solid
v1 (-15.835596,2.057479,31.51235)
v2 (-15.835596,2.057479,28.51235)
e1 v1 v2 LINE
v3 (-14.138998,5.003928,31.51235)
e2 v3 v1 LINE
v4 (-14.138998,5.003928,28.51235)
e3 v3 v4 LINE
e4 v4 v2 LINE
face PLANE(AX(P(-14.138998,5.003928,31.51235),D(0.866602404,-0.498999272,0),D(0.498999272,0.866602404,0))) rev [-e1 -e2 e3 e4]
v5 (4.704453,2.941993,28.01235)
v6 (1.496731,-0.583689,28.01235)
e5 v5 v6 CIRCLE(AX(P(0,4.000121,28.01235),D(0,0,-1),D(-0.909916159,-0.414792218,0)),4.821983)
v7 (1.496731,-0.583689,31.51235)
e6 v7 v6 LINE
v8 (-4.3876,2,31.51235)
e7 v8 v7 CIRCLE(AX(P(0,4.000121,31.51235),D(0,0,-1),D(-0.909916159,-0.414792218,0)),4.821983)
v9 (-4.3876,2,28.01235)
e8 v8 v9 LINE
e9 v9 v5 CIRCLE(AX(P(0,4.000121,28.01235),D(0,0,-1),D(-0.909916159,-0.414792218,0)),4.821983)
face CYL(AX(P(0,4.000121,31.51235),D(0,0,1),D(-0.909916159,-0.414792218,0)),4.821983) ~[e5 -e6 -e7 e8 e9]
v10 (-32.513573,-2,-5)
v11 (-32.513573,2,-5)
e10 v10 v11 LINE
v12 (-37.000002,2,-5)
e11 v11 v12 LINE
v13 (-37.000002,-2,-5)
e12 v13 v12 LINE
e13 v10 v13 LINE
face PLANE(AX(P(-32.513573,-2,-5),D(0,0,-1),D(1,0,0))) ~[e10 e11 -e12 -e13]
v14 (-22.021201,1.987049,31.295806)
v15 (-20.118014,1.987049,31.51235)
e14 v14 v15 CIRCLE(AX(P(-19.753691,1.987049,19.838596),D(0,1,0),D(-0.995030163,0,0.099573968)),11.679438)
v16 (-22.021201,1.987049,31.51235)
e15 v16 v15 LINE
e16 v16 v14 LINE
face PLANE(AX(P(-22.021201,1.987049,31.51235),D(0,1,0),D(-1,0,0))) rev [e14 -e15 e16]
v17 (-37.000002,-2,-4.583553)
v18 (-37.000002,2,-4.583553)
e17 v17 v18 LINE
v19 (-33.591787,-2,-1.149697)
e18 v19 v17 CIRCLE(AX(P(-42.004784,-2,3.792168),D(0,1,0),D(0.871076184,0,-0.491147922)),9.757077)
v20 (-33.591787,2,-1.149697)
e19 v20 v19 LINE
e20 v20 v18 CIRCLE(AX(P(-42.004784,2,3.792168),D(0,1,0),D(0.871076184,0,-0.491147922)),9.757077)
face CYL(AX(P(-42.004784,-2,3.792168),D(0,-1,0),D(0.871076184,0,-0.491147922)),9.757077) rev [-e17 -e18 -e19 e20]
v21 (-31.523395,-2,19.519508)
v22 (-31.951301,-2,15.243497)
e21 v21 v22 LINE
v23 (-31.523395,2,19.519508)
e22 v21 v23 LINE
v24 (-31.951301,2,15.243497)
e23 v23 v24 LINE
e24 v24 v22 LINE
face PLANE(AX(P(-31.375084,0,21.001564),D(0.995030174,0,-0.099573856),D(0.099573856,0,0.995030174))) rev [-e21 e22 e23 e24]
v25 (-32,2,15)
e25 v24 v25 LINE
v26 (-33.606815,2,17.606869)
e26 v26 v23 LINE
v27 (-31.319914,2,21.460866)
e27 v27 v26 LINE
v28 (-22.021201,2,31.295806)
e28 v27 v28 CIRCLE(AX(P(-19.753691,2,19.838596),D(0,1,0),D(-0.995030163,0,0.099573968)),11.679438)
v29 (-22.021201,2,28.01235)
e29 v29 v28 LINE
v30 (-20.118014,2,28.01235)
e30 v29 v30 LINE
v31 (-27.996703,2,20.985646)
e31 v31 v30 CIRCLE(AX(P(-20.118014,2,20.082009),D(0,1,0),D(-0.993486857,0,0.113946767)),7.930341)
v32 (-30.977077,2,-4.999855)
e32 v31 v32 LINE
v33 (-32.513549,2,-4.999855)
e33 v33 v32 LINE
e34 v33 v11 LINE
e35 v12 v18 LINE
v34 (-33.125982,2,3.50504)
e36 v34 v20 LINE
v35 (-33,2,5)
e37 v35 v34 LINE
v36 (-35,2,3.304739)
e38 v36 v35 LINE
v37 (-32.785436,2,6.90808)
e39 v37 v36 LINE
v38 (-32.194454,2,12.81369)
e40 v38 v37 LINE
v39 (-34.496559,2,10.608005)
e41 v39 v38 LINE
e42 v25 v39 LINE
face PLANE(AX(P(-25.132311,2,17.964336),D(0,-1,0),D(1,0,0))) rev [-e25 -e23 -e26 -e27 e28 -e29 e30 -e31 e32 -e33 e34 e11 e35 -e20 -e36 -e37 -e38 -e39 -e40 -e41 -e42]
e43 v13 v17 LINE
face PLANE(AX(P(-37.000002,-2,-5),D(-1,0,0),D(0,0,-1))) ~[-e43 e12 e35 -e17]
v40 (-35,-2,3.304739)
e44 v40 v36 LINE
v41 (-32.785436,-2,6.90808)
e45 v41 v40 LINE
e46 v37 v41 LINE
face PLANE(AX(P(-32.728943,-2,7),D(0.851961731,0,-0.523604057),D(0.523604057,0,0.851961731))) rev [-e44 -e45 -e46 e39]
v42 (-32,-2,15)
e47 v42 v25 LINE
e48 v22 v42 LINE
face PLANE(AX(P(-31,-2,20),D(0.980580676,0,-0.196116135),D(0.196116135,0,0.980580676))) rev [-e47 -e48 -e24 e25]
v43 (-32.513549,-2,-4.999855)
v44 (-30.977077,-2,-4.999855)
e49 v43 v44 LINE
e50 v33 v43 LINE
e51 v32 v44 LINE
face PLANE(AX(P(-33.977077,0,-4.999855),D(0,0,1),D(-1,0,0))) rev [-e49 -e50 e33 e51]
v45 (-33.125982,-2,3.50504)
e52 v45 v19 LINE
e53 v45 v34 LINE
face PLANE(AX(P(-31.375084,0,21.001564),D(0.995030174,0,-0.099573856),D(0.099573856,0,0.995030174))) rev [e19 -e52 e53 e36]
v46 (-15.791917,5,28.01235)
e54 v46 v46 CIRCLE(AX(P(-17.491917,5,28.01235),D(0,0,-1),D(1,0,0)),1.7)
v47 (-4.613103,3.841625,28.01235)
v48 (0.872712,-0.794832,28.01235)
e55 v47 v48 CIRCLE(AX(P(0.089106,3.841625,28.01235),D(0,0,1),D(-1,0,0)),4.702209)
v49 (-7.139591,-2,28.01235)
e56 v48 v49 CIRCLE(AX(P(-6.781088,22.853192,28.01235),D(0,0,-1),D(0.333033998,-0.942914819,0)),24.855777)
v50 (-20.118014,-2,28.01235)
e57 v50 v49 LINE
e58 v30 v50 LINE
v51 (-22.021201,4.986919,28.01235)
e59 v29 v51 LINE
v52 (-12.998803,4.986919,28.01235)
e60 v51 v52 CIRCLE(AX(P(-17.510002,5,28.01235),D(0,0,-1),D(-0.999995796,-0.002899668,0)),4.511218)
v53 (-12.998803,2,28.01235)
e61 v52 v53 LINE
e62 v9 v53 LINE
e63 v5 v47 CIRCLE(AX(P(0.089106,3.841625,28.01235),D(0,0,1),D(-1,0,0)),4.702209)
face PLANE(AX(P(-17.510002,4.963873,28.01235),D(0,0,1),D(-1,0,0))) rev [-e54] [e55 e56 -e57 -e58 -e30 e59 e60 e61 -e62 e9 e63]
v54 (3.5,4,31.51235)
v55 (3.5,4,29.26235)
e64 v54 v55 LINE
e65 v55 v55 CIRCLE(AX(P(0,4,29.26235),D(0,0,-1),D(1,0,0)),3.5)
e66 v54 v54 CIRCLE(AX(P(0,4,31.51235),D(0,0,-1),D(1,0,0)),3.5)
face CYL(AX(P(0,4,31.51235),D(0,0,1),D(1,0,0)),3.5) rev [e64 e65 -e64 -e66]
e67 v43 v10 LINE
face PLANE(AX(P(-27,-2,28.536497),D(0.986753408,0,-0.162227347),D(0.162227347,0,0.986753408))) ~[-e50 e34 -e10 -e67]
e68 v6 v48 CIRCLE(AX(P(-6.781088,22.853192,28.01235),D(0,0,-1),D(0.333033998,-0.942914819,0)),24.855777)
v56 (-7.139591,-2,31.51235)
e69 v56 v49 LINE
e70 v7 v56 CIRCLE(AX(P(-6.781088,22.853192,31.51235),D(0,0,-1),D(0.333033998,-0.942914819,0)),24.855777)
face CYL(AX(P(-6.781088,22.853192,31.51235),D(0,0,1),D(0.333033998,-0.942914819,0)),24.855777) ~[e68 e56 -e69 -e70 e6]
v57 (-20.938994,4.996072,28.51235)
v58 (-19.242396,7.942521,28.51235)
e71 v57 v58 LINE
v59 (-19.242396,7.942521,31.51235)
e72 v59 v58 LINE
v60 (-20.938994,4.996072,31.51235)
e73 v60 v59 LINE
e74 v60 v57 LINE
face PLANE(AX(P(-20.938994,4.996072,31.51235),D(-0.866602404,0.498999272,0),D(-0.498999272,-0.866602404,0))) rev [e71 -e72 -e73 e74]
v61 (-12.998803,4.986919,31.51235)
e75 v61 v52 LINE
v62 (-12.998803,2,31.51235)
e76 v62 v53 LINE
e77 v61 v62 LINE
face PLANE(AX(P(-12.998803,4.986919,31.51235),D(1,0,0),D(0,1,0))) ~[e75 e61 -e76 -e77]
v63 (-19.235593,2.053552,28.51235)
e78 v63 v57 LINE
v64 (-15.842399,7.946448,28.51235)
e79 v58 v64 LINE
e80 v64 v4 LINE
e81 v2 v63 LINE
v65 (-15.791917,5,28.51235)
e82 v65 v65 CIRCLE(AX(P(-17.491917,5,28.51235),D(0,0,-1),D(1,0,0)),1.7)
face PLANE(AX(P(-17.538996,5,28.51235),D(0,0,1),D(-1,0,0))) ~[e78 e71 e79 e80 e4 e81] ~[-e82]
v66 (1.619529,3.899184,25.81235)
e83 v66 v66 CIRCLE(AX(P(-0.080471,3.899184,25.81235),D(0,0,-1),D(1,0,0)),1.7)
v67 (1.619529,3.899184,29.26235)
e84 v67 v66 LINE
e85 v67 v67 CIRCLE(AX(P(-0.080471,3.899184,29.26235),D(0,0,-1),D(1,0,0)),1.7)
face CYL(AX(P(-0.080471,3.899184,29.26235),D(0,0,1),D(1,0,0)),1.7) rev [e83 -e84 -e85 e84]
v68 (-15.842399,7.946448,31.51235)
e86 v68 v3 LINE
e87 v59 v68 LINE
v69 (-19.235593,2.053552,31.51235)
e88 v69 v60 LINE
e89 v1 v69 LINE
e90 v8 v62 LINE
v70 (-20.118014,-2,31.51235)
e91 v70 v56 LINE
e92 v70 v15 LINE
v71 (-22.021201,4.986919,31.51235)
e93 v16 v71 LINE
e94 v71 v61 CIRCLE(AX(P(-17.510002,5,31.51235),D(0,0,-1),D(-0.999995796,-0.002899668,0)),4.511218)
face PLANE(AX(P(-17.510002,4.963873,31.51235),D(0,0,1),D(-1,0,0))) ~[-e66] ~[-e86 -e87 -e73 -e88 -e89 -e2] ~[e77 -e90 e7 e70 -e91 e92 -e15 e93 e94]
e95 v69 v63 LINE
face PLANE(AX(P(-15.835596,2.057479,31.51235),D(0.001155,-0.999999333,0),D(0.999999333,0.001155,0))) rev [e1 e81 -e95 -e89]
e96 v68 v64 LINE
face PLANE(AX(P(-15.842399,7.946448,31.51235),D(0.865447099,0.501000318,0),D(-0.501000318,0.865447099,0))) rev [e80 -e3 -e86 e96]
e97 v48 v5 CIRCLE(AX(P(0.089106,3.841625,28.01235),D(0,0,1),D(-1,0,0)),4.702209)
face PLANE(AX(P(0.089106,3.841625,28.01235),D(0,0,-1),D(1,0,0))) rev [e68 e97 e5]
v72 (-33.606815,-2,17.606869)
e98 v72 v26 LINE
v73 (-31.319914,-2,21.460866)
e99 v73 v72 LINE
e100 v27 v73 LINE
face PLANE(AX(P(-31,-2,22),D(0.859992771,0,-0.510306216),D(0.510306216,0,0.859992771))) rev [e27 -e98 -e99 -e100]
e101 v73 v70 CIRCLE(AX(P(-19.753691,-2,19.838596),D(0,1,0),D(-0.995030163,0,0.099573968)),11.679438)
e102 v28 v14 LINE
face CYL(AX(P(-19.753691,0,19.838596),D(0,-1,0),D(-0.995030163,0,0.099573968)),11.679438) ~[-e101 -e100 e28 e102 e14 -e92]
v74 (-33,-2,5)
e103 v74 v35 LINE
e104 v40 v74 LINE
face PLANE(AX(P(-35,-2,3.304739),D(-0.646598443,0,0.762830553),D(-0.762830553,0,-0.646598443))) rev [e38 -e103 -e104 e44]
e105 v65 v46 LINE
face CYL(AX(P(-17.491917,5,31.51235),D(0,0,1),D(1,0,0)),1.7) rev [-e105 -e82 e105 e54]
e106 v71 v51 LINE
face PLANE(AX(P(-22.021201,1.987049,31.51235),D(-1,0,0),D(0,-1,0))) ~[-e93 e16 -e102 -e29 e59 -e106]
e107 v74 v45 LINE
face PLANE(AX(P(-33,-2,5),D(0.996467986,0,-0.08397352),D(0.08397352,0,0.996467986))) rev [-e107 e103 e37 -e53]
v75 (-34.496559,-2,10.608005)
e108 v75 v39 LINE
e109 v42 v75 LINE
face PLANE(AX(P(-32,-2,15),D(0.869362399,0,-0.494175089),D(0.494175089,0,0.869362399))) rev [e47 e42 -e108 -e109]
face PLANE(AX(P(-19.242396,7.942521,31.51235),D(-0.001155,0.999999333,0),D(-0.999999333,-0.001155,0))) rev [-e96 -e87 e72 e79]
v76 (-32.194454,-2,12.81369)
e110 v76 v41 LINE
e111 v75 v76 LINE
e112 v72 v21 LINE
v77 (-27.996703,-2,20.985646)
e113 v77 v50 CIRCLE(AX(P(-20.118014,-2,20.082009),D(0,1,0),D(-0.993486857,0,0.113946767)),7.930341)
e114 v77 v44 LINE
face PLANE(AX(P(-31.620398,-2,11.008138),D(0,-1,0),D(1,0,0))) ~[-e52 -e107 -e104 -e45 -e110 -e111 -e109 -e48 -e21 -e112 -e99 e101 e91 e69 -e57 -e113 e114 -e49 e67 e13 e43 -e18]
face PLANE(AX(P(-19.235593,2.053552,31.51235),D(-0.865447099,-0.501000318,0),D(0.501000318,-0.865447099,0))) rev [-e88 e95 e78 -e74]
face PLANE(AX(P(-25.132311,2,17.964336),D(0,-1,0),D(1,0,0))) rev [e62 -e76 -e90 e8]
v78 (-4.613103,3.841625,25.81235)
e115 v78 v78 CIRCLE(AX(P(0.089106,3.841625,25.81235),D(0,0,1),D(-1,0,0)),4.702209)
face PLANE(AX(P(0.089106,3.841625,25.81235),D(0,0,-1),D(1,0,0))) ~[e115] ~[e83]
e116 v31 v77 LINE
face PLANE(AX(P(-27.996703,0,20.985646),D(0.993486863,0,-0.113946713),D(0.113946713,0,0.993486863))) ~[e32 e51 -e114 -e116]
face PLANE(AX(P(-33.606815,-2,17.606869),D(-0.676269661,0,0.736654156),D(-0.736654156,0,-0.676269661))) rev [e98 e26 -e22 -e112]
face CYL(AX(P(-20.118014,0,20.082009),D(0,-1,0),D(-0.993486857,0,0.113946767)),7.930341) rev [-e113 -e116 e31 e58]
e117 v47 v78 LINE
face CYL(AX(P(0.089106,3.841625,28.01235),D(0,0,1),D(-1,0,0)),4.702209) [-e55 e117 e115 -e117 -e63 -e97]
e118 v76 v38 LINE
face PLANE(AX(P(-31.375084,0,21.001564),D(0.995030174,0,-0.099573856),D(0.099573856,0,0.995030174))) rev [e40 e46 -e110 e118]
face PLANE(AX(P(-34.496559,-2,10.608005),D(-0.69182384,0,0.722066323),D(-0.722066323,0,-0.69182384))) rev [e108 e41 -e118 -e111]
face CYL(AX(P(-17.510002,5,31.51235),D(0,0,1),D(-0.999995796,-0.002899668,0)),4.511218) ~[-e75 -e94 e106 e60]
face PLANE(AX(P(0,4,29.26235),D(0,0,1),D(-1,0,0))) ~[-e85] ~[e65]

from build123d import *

# Parameters (mm, degrees)
PAD073_DEPTH       = 2
PAD074_DEPTH       = 3.5
SKETCH122_R        = 3.5
POCKET003054_DEPTH = 2.25
SKETCH123_R        = 4.702209
PAD075_DEPTH       = 2.2
SKETCH124_R        = 1.7
POCKET003055_DEPTH = 5
PAD076_DEPTH       = 3.5
SKETCH126_R        = 1.7
POCKET003056_DEPTH = 5
POCKET003057_DEPTH = 3
PAD078_DEPTH       = 4


with BuildPart() as v4_non_servo_sg90_leg001:
    # Sketch120 → Pad073 (new body, symmetric)
    with BuildSketch(Plane.XZ):
        with BuildLine():
            Line((7.19326, 28.01235), (20.118014, 28.01235))
            ThreePointArc((27.996703, 20.985646), (25.396468, 26.000474), (20.118014, 28.01235))
            Line((27.996703, 20.985646), (30.977077, -4.999855))
            Line((33.977077, -4.999855), (30.977077, -4.999855))
            Line((31.375084, 21.001564), (33.977077, -4.999855))
            ThreePointArc((31.375084, 21.001564), (27.724482, 28.375326), (20.118014, 31.51235))
            Line((7.19326, 31.51235), (20.118014, 31.51235))
            Line((7.19326, 28.01235), (7.19326, 31.51235))
        make_face()
    extrude(amount=PAD073_DEPTH, both=True)

    # Sketch121 → Pad074 (new body)
    with BuildSketch(Plane(origin=(0, 0, 31.51235), x_dir=(-1, 0, 0), z_dir=(0, 0, 1))):
        with BuildLine():
            Line((-18, 2), (-18, -2))
            Line((-18, -2), (-4.3876, -2))
            ThreePointArc((-4.3876, -2), (1.938593, -8.415251), (1.496731, 0.583689))
            ThreePointArc((1.496731, 0.583689), (-2.758605, 1.674941), (-7.139591, 2))
            Line((-18, 2), (-7.139591, 2))
        make_face()
    extrude(amount=-PAD074_DEPTH)

    # Sketch122 → Pocket003054 (cut)
    with BuildSketch(Plane(origin=(0, 0, 31.51235), x_dir=(-1, 0, 0), z_dir=(0, 0, 1))):
        with Locations((0, -4)):
            Circle(SKETCH122_R)
    extrude(amount=-POCKET003054_DEPTH, mode=Mode.SUBTRACT)

    # Sketch123 → Pad075 (new body)
    with BuildSketch(Plane(origin=(0, 0, 28.01235), x_dir=(1, 0, 0), z_dir=(0, 0, -1))):
        with Locations((-0.089106, -3.841625)):
            Circle(SKETCH123_R)
    extrude(amount=PAD075_DEPTH)

    # Sketch124 → Pocket003055 (cut)
    with BuildSketch(Plane(origin=(0, 0, 29.26235), x_dir=(-1, 0, 0), z_dir=(0, 0, 1))):
        with Locations((-0.080471, -3.899184)):
            Circle(SKETCH124_R)
    extrude(amount=-POCKET003055_DEPTH, mode=Mode.SUBTRACT)

    # Sketch125 → Pad076 (new body)
    with BuildSketch(Plane(origin=(0, 0, 31.51235), x_dir=(-1, 0, 0), z_dir=(0, 0, 1))):
        with BuildLine():
            Line((-22.021201, -1.987049), (-22.021201, -4.986919))
            ThreePointArc((-22.021201, -4.986919), (-17.510002, -9.511218), (-12.998803, -4.986919))
            Line((-12.998803, -4.986919), (-12.998803, -1.987049))
            Line((-22.021201, -1.987049), (-12.998803, -1.987049))
        make_face()
    extrude(amount=-PAD076_DEPTH)

    # Sketch126 → Pocket003056 (cut)
    with BuildSketch(Plane(origin=(0, 0, 31.51235), x_dir=(-1, 0, 0), z_dir=(0, 0, 1))):
        with Locations((-17.491917, -5)):
            Circle(SKETCH126_R)
    extrude(amount=-POCKET003056_DEPTH, mode=Mode.SUBTRACT)

    # Sketch127 → Pocket003057 (cut)
    with BuildSketch(Plane(origin=(0, 0, 31.51235), x_dir=(-1, 0, 0), z_dir=(0, 0, 1))):
        Polygon((-14.138998, -5.003928), (-15.835596, -2.057479), (-19.235593, -2.053552), (-20.938994, -4.996072), (-19.242396, -7.942521), (-15.842399, -7.946448), align=None)
    extrude(amount=-POCKET003057_DEPTH, mode=Mode.SUBTRACT)

    # Sketch128 → Pad078 (new body)
    with BuildSketch(Plane.XZ.offset(2)):
        with BuildLine():
            Line((27, 28.536497), (32.513573, -5))
            Line((32.513573, -5), (37.000002, -5))
            Line((37.000002, -5), (37.000002, -4.583553))
            ThreePointArc((33.505627, -1), (35.019116, -3.019659), (37.000002, -4.583553))
            Line((33, 5), (33.505627, -1))
            Line((35, 3.304739), (33, 5))
            Line((32.728943, 7), (35, 3.304739))
            Line((32, 13), (32.728943, 7))
            Line((34.496559, 10.608005), (32, 13))
            Line((32, 15), (34.496559, 10.608005))
            Line((31, 20), (32, 15))
            Line((33.606815, 17.606869), (31, 20))
            Line((31, 22), (33.606815, 17.606869))
            Line((27, 28.536497), (31, 22))
        make_face()
    extrude(amount=-PAD078_DEPTH)


with BuildPart() as part_mirroring013:
    # Part__Mirroring013: instance of V4_non_servo_SG90_leg001
    add(v4_non_servo_sg90_leg001.part.mirror(Plane(origin=(0, 0, 0), x_dir=(0, -1, 0), z_dir=(1, 0, 0))))


solid = part_mirroring013.part
